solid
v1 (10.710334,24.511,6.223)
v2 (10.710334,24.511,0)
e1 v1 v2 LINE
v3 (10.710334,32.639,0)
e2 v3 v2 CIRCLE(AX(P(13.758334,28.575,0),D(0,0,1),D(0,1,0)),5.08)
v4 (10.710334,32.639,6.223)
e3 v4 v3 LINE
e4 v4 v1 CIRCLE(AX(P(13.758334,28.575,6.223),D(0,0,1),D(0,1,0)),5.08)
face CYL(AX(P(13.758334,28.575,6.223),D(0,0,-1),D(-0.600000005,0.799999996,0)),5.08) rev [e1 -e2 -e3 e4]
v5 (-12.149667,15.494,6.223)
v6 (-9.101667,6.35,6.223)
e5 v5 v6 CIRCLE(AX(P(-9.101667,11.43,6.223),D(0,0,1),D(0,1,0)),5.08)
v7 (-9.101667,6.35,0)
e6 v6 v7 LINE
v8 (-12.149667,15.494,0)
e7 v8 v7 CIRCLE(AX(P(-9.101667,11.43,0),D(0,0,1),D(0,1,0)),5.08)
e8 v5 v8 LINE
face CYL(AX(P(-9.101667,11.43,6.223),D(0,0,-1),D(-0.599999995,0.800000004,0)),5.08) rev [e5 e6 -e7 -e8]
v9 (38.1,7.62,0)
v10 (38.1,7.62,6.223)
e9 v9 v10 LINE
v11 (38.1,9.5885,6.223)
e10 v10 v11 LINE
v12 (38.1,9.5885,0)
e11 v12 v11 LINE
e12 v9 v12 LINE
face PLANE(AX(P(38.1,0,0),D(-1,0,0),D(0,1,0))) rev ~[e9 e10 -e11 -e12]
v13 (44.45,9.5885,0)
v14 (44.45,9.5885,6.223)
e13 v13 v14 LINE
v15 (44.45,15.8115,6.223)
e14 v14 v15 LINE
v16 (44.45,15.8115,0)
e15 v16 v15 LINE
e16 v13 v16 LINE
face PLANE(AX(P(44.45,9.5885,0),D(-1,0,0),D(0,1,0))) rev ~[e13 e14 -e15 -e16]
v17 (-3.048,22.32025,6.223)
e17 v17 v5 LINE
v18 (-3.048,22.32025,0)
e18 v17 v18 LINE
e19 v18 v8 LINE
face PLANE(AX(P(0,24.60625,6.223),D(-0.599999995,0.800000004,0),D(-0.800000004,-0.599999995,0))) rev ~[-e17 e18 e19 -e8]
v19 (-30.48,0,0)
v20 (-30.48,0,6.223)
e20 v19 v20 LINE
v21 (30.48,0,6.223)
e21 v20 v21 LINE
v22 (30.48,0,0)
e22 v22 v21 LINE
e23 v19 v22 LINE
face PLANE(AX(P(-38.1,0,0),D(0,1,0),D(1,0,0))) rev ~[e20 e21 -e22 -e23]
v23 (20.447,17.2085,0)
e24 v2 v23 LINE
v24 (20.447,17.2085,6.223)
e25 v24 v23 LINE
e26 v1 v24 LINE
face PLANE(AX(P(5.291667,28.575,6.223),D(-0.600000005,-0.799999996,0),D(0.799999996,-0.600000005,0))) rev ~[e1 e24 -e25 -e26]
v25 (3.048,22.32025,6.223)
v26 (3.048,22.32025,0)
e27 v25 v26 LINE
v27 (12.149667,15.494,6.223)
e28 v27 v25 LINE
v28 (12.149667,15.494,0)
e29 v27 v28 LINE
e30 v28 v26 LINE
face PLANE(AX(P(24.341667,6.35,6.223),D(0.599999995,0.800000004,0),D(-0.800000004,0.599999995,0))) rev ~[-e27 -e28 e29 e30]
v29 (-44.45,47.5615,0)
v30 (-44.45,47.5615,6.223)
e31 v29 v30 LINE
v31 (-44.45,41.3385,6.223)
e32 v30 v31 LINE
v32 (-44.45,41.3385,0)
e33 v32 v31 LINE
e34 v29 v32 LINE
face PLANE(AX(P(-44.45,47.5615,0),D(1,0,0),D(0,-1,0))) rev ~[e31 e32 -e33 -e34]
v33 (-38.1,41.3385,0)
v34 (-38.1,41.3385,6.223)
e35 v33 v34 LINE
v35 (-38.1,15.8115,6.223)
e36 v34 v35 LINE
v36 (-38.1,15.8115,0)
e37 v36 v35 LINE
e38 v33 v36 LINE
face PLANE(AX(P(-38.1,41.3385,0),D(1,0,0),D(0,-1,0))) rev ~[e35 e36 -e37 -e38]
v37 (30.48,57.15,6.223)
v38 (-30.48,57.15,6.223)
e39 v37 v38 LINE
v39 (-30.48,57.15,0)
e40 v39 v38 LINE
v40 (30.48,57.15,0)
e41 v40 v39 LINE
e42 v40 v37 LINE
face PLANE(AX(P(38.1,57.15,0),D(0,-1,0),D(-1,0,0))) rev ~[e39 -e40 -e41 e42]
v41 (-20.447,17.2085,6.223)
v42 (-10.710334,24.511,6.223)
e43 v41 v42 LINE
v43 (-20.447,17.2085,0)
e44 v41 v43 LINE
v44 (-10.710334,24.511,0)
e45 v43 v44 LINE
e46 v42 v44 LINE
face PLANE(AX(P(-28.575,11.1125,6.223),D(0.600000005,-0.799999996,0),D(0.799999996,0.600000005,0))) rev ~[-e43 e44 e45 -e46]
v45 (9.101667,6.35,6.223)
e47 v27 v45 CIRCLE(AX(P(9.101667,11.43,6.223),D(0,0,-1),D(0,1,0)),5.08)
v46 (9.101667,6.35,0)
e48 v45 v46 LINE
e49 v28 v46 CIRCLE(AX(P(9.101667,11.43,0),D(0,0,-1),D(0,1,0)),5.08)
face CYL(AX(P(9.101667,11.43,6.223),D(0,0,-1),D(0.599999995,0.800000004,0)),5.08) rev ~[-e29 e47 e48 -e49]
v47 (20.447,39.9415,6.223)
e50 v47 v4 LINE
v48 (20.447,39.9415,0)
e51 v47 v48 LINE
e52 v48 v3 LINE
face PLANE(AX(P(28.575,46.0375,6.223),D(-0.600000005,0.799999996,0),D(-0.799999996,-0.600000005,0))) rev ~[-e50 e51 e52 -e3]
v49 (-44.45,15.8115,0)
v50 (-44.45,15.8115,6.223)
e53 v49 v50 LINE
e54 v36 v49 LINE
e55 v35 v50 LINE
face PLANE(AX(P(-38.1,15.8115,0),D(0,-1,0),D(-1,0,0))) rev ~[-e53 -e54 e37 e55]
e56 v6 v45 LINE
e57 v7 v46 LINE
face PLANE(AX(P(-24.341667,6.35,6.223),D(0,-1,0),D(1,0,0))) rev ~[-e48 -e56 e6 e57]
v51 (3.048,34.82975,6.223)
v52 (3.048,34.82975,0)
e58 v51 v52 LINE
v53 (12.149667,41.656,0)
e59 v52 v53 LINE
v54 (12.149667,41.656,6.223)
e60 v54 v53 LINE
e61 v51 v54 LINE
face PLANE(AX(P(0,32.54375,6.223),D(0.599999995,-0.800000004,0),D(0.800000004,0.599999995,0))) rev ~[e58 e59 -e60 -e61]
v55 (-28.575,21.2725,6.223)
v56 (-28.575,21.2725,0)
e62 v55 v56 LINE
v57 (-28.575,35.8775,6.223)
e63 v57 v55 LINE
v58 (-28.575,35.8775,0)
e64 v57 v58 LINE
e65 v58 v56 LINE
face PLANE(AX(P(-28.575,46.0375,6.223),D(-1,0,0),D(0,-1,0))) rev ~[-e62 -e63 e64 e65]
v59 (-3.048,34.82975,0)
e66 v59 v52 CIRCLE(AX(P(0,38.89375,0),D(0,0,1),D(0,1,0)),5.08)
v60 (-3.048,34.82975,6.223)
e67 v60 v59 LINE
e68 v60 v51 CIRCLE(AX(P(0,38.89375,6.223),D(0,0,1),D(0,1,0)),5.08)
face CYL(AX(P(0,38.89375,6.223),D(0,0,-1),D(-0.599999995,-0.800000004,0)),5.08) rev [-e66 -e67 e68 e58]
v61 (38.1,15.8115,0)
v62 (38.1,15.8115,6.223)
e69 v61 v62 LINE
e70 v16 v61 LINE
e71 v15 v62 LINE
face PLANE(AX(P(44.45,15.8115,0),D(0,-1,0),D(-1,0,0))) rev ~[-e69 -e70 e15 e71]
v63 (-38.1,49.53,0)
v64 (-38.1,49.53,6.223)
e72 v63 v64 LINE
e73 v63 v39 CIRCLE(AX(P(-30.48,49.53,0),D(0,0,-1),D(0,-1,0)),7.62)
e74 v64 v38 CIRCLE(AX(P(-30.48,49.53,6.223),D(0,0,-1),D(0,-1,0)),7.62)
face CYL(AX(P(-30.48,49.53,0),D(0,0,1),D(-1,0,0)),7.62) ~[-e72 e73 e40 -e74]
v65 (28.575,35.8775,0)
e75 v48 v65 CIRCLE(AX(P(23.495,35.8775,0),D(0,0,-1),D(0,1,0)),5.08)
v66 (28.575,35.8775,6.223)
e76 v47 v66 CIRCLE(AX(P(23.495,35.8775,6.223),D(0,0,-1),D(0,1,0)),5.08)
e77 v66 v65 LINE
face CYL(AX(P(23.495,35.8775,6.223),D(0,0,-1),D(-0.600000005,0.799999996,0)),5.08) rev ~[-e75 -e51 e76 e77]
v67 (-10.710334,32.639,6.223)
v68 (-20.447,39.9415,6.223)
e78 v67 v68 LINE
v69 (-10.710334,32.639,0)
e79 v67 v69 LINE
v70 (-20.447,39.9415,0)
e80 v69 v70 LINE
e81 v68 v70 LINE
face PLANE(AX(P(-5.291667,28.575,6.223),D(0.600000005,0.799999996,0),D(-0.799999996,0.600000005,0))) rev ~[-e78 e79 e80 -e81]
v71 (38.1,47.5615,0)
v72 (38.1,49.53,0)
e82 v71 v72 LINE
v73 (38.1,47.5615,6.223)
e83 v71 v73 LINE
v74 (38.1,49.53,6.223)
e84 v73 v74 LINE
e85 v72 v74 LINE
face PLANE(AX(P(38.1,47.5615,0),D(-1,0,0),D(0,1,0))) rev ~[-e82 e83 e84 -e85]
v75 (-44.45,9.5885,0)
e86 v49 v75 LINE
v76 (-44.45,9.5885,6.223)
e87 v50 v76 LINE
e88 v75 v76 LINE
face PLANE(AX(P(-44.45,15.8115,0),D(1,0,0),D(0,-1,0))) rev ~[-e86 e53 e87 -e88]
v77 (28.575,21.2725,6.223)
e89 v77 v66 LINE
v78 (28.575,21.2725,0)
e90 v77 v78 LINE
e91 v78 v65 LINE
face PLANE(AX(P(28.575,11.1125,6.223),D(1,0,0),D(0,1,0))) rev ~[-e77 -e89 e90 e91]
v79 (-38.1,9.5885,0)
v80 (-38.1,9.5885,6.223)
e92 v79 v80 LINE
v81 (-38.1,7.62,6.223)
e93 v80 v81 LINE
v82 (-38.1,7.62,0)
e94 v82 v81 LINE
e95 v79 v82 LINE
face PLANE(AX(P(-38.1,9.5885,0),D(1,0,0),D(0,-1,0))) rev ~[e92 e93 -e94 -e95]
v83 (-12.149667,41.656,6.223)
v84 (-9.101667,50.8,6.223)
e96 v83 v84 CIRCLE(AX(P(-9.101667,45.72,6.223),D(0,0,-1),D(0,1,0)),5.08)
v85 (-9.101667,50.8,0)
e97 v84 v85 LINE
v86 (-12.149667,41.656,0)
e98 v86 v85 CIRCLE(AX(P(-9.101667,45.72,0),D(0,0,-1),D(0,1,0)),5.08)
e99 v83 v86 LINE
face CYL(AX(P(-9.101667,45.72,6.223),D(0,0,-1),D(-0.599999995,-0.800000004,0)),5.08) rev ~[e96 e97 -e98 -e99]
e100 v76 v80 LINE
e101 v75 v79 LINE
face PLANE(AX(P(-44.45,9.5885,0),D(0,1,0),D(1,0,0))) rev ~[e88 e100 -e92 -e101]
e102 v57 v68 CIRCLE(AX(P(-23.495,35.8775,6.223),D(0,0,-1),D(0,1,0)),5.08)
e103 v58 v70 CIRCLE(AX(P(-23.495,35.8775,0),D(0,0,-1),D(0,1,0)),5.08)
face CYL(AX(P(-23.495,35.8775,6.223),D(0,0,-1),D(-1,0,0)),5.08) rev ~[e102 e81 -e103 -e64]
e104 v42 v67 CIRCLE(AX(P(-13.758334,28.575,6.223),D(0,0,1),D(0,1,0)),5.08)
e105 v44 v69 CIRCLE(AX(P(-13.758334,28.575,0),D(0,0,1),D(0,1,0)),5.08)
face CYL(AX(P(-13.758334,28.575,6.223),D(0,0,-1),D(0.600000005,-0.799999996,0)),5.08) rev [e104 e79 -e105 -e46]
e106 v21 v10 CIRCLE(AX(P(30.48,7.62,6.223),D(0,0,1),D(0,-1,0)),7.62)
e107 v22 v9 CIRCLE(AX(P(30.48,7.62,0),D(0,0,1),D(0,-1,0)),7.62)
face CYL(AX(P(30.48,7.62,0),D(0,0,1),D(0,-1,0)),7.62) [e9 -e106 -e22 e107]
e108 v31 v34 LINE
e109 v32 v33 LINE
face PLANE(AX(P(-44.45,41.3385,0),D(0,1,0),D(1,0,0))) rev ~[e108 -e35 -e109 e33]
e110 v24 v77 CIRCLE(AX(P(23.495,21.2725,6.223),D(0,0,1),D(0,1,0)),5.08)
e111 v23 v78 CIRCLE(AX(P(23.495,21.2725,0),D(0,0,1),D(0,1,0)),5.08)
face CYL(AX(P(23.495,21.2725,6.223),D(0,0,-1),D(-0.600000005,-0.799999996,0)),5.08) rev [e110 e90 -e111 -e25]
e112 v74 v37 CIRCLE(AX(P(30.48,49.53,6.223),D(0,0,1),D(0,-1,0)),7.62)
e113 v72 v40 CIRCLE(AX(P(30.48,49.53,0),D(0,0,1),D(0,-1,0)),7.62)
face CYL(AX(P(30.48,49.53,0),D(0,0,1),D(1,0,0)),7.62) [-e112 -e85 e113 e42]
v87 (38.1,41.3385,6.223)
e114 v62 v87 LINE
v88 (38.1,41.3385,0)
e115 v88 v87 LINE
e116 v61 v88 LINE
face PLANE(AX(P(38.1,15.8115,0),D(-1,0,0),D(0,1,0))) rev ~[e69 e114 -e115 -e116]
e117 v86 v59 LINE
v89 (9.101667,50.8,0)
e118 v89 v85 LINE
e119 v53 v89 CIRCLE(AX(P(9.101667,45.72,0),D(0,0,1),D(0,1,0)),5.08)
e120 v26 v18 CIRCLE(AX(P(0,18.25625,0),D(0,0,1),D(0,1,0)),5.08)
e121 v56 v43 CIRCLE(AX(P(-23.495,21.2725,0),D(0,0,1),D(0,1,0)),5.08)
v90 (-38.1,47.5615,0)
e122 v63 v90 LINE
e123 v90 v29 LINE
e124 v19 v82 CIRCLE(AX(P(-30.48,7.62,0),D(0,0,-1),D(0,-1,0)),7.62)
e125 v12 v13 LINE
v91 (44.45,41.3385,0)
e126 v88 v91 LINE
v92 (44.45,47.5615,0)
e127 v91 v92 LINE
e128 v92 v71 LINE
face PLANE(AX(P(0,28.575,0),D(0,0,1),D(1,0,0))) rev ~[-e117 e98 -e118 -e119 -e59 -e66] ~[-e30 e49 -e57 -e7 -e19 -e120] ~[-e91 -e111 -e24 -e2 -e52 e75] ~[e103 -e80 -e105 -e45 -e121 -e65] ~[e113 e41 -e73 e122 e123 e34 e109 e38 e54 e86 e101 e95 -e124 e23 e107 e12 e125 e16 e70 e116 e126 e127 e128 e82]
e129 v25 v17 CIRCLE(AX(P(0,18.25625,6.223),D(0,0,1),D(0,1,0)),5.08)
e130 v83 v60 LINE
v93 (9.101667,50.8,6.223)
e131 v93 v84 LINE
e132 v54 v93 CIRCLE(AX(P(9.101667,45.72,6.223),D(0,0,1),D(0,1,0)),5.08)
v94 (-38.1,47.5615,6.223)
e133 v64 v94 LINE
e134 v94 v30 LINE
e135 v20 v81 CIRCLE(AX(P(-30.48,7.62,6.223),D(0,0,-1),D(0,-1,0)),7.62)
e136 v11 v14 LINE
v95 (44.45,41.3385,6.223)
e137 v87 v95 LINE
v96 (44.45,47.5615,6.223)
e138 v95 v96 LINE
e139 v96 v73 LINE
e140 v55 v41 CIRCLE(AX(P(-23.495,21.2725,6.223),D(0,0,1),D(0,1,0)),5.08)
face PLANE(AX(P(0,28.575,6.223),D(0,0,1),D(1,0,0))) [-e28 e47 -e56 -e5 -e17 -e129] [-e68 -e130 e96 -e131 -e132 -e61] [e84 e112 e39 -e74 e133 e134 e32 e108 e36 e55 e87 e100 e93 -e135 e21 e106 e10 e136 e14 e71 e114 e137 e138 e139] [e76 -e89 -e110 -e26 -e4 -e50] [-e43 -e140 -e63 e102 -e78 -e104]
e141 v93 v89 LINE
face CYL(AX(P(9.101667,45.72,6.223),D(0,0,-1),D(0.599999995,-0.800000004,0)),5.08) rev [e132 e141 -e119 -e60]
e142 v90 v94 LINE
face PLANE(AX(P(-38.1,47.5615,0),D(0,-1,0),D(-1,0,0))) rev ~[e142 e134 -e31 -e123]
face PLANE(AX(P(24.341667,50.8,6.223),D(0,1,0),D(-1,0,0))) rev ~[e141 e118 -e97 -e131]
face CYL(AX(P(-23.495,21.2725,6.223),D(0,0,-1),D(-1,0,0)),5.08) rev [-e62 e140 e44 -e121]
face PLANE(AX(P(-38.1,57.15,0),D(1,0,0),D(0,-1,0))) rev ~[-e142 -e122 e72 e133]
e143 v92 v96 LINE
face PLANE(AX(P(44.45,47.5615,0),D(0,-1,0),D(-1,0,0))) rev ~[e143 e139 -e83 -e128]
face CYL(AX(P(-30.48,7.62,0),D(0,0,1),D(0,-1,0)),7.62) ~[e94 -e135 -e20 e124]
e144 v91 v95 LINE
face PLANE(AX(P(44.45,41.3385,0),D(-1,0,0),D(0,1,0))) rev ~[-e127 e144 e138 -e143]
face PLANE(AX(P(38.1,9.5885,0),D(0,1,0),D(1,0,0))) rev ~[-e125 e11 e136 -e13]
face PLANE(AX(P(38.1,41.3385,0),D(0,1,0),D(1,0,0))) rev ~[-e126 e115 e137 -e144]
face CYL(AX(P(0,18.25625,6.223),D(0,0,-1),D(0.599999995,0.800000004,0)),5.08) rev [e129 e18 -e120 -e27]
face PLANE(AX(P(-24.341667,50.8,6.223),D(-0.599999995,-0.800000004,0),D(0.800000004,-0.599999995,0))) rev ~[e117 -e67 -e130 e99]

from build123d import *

# Parameters (mm, degrees)
F1_DEPTH = 6.223
F3_DEPTH = 25.4
F4_R     = 5.08
F5_R     = 7.62


with BuildPart() as f1:
    # F0 (on Top) → F1 (new body)
    with BuildSketch(Plane.XY):
        Polygon((-38.1, 0), (0, 0), (38.1, 0), (38.1, 9.5885), (44.45, 9.5885), (44.45, 12.7), (44.45, 15.8115), (38.1, 15.8115), (38.1, 41.3385), (44.45, 41.3385), (44.45, 44.45), (44.45, 47.5615), (38.1, 47.5615), (38.1, 57.15), (0, 57.15), (-38.1, 57.15), (-38.1, 47.5615), (-44.45, 47.5615), (-44.45, 44.45), (-44.45, 41.3385), (-38.1, 41.3385), (-38.1, 15.8115), (-44.45, 15.8115), (-44.45, 12.7), (-44.45, 9.5885), (-38.1, 9.5885), align=None)
    extrude(amount=F1_DEPTH)

    # F2 (on face) → F3 (cut)
    with BuildSketch(Plane.XY.offset(6.223)):
        Polygon((-28.575, 46.0375), (-28.575, 11.1125), (-5.291667, 28.575), align=None)
        Polygon((-24.341667, 50.8), (0, 32.54375), (24.341667, 50.8), align=None)
        Polygon((28.575, 46.0375), (5.291667, 28.575), (28.575, 11.1125), align=None)
        Polygon((24.341667, 6.35), (0, 24.60625), (-24.341667, 6.35), align=None)
    extrude(amount=-F3_DEPTH, mode=Mode.SUBTRACT)

    # F4
    f4_edges = [f1.edges().sort_by_distance(p)[0] for p in [
        (-28.575, 11.1125, 3.1115),
        (-28.575, 46.0375, 3.1115),
        (-5.291667, 28.575, 3.1115),
        (24.341667, 6.35, 3.1115),
        (0, 24.60625, 3.1115),
        (-24.341667, 6.35, 3.1115),
        (28.575, 11.1125, 3.1115),
        (28.575, 46.0375, 3.1115),
        (5.291667, 28.575, 3.1115),
        (0, 32.54375, 3.1115),
        (24.341667, 50.8, 3.1115),
        (-24.341667, 50.8, 3.1115),
    ]]
    fillet(f4_edges, radius=F4_R)

    # F5
    f5_edges = [f1.edges().sort_by_distance(p)[0] for p in [
        (-38.1, 57.15, 3.1115),
        (38.1, 57.15, 3.1115),
        (38.1, 0, 3.1115),
        (-38.1, 0, 3.1115),
    ]]
    fillet(f5_edges, radius=F5_R)


solid = f1.part
